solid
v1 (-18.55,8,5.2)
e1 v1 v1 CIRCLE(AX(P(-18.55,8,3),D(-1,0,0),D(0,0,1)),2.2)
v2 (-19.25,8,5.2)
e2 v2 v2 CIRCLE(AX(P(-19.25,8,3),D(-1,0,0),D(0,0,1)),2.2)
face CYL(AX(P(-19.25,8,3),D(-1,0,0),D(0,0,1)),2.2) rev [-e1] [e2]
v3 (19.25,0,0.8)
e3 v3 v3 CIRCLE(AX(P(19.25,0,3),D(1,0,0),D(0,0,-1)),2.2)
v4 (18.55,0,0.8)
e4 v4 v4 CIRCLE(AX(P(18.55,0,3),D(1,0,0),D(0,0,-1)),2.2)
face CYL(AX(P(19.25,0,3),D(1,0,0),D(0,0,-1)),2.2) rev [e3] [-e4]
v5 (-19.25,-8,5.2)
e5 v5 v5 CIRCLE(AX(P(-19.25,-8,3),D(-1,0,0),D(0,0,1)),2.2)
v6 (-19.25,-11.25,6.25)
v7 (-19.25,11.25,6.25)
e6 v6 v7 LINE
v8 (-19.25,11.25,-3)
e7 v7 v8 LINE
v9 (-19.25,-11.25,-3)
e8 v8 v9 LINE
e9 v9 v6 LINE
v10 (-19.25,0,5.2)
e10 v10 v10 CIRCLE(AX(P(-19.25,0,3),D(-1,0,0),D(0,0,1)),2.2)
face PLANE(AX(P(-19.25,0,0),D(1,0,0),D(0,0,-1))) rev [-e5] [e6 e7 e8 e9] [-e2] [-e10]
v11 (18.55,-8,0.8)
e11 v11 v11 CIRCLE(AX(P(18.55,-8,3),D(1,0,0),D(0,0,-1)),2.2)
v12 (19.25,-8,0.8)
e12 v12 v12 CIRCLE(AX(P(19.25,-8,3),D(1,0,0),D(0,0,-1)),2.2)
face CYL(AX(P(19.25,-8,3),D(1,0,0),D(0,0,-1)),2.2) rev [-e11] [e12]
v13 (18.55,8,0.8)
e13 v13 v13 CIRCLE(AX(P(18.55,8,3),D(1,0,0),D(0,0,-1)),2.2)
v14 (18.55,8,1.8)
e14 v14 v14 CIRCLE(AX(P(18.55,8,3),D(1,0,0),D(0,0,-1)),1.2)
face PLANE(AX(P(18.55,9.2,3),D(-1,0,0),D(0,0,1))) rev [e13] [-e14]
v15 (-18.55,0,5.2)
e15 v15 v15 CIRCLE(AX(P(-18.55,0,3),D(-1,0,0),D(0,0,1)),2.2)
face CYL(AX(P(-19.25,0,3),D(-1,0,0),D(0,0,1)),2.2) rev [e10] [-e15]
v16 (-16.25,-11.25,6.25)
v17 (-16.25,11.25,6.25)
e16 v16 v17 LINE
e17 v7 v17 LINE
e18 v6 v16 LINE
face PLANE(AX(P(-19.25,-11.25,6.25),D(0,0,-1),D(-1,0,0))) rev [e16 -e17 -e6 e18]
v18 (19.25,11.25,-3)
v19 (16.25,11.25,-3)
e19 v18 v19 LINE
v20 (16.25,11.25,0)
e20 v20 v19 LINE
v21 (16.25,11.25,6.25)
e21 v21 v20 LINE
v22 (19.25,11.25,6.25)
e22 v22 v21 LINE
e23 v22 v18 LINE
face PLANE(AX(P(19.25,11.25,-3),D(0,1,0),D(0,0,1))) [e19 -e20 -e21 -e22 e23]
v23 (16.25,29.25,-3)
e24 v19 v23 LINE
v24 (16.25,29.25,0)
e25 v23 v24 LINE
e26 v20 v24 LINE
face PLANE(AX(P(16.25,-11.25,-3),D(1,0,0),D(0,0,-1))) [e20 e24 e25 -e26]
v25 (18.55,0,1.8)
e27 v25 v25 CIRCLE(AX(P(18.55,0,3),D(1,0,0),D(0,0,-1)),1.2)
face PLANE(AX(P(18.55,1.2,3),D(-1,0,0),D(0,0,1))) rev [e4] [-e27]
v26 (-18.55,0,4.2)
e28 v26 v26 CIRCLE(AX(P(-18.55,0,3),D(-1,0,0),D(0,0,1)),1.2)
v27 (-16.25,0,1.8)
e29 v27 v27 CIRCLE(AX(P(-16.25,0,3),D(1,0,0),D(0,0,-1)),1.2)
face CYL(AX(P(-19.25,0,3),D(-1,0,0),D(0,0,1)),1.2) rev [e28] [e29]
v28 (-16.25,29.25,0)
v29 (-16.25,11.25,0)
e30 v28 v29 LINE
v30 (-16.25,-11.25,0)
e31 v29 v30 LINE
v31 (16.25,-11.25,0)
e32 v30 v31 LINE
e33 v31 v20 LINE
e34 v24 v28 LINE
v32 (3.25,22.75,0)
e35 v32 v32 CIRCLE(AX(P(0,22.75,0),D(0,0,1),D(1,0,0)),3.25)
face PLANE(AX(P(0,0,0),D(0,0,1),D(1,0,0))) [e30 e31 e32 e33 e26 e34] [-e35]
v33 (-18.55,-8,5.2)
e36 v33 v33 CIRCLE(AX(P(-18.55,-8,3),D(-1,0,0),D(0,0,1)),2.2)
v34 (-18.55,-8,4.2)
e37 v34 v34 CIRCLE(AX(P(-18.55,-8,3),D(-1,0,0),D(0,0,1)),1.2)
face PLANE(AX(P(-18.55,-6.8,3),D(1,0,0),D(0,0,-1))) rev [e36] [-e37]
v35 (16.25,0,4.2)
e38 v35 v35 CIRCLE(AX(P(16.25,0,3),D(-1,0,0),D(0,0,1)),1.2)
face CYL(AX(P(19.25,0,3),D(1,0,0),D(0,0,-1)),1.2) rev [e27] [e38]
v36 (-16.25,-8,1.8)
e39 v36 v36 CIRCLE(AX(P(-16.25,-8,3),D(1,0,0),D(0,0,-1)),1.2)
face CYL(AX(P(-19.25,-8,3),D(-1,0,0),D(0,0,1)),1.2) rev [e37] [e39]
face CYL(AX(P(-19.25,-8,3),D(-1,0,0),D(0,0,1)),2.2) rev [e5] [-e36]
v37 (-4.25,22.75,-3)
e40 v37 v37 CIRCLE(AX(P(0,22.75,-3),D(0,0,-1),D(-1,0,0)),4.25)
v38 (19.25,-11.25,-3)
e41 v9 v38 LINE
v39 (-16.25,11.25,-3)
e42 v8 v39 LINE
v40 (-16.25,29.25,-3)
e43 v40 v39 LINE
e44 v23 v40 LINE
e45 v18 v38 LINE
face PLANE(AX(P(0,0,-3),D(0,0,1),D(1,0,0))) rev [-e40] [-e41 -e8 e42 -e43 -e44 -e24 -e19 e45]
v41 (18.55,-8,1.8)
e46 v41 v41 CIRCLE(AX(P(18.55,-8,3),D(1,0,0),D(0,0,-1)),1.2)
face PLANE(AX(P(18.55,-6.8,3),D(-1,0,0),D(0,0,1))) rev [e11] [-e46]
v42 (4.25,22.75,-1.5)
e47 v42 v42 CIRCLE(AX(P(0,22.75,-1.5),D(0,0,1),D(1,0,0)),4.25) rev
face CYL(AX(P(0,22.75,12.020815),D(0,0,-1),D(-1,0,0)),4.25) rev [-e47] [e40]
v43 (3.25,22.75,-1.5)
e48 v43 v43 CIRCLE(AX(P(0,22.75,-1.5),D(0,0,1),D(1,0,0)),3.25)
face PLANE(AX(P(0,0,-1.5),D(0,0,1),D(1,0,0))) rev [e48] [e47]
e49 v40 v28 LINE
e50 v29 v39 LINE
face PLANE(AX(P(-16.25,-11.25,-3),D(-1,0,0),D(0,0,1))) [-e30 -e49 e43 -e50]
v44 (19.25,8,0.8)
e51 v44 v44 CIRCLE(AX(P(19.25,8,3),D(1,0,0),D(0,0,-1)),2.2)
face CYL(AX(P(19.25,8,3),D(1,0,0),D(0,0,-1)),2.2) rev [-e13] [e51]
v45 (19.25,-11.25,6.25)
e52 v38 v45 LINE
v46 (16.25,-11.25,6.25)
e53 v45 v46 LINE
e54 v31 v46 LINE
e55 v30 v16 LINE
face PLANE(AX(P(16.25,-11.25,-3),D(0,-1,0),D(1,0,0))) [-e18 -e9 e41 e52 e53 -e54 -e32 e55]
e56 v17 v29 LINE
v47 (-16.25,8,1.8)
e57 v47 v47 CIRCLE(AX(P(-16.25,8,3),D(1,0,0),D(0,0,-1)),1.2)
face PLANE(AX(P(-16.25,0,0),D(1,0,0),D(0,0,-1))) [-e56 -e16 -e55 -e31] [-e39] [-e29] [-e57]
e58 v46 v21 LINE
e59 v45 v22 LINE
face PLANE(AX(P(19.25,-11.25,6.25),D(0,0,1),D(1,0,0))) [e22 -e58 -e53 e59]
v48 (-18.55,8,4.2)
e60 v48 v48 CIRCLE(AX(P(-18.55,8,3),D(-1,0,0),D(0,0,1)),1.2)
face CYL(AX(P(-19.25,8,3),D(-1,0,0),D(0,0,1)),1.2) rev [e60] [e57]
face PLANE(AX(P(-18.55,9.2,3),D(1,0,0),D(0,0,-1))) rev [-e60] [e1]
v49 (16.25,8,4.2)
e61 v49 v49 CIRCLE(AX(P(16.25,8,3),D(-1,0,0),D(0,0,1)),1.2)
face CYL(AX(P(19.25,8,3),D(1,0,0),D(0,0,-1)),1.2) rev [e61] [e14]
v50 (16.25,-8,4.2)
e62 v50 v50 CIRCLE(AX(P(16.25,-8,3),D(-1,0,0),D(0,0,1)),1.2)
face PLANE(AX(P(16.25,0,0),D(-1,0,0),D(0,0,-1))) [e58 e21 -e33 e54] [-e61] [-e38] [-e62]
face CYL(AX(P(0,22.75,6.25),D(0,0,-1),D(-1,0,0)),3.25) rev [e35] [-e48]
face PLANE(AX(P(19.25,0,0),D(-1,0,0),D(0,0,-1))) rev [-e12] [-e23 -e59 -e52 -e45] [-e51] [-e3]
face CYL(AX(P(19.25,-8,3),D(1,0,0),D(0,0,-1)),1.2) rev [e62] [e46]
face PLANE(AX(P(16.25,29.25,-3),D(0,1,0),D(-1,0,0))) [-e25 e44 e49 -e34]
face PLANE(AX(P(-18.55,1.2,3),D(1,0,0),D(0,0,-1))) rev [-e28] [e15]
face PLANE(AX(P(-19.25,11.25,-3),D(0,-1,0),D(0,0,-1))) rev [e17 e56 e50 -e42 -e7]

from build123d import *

# Parameters (mm, degrees)
ESBO_O1_W                                            = 32.5
ESBO_O1_H                                            = 40.5
RESSALTO_EXTRUS_O1_DEPTH                             = 3
ESBO_O4_W                                            = 9.25
ESBO_O4_H                                            = 22.5
RESSALTO_EXTRUS_O2_DEPTH                             = 3
ESBO_O5_R                                            = 4.25
CORTE_EXTRUS_O1_DEPTH                                = 1.5
ESBO_O6_R                                            = 3.25
CORTE_EXTRUS_O2_DEPTH                                = 37.217226564
REBAIXO_PARA_PARAFUSO_COM_CABE_A_REDONDA_D           = 2.4
REBAIXO_PARA_PARAFUSO_COM_CABE_A_REDONDA_DEPTH       = 3
REBAIXO_PARA_PARAFUSO_COM_CABE_A_REDONDA_CBORE_D     = 4.4
REBAIXO_PARA_PARAFUSO_COM_CABE_A_REDONDA_CBORE_DEPTH = 0.7


with BuildPart() as part:
    # Esboço1 → Ressalto-extrusão1 (new body)
    with BuildSketch(Plane.XY):
        with Locations((0, 9)):
            Rectangle(ESBO_O1_W, ESBO_O1_H)
    extrude(amount=-RESSALTO_EXTRUS_O1_DEPTH)

    # Esboço4 → Ressalto-extrusão2 (add)
    with BuildSketch(Plane.ZY.offset(16.25)):
        with Locations((1.625, 0)):
            Rectangle(ESBO_O4_W, ESBO_O4_H)
    ressalto_extrus_o2 = extrude(amount=RESSALTO_EXTRUS_O2_DEPTH)

    # Espelhar1: Ressalto-extrusão2 across plane
    add(ressalto_extrus_o2.mirror(Plane(origin=(0, 0, 0), x_dir=(0, 0, 1), z_dir=(1, 0, 0))))

    # Esboço5 → Corte-extrusão1 (cut)
    with BuildSketch(Plane(origin=(0, 0, -3), x_dir=(-1, 0, 0), z_dir=(0, 0, -1))):
        with Locations((0, 22.75)):
            Circle(ESBO_O5_R)
    extrude(amount=-CORTE_EXTRUS_O1_DEPTH, mode=Mode.SUBTRACT)

    # Esboço6 → Corte-extrusão2 (cut, through all)
    with BuildSketch(Plane(origin=(0, 0, -3), x_dir=(-1, 0, 0), z_dir=(0, 0, -1))):
        with Locations(Location((0, 22.75, 0), (0, 0, 180))):
            Circle(ESBO_O6_R)
    extrude(amount=-CORTE_EXTRUS_O2_DEPTH, mode=Mode.SUBTRACT)

    # Rebaixo para parafuso com cabeça redonda de M21
    with Locations(Plane.ZY.offset(19.25)):
        with Locations((3, 8), (3, 0), (3, -8)):
            rebaixo_para_parafuso_com_cabe_a_redonda = CounterBoreHole(REBAIXO_PARA_PARAFUSO_COM_CABE_A_REDONDA_D / 2, REBAIXO_PARA_PARAFUSO_COM_CABE_A_REDONDA_CBORE_D / 2, REBAIXO_PARA_PARAFUSO_COM_CABE_A_REDONDA_CBORE_DEPTH, depth=REBAIXO_PARA_PARAFUSO_COM_CABE_A_REDONDA_DEPTH)

    # Espelhar3: Rebaixo para parafuso com cabeça redonda de M21 across plane
    add(rebaixo_para_parafuso_com_cabe_a_redonda.mirror(Plane(origin=(0, 0, 0), x_dir=(0, 0, 1), z_dir=(1, 0, 0))), mode=Mode.SUBTRACT)


solid = part.part
